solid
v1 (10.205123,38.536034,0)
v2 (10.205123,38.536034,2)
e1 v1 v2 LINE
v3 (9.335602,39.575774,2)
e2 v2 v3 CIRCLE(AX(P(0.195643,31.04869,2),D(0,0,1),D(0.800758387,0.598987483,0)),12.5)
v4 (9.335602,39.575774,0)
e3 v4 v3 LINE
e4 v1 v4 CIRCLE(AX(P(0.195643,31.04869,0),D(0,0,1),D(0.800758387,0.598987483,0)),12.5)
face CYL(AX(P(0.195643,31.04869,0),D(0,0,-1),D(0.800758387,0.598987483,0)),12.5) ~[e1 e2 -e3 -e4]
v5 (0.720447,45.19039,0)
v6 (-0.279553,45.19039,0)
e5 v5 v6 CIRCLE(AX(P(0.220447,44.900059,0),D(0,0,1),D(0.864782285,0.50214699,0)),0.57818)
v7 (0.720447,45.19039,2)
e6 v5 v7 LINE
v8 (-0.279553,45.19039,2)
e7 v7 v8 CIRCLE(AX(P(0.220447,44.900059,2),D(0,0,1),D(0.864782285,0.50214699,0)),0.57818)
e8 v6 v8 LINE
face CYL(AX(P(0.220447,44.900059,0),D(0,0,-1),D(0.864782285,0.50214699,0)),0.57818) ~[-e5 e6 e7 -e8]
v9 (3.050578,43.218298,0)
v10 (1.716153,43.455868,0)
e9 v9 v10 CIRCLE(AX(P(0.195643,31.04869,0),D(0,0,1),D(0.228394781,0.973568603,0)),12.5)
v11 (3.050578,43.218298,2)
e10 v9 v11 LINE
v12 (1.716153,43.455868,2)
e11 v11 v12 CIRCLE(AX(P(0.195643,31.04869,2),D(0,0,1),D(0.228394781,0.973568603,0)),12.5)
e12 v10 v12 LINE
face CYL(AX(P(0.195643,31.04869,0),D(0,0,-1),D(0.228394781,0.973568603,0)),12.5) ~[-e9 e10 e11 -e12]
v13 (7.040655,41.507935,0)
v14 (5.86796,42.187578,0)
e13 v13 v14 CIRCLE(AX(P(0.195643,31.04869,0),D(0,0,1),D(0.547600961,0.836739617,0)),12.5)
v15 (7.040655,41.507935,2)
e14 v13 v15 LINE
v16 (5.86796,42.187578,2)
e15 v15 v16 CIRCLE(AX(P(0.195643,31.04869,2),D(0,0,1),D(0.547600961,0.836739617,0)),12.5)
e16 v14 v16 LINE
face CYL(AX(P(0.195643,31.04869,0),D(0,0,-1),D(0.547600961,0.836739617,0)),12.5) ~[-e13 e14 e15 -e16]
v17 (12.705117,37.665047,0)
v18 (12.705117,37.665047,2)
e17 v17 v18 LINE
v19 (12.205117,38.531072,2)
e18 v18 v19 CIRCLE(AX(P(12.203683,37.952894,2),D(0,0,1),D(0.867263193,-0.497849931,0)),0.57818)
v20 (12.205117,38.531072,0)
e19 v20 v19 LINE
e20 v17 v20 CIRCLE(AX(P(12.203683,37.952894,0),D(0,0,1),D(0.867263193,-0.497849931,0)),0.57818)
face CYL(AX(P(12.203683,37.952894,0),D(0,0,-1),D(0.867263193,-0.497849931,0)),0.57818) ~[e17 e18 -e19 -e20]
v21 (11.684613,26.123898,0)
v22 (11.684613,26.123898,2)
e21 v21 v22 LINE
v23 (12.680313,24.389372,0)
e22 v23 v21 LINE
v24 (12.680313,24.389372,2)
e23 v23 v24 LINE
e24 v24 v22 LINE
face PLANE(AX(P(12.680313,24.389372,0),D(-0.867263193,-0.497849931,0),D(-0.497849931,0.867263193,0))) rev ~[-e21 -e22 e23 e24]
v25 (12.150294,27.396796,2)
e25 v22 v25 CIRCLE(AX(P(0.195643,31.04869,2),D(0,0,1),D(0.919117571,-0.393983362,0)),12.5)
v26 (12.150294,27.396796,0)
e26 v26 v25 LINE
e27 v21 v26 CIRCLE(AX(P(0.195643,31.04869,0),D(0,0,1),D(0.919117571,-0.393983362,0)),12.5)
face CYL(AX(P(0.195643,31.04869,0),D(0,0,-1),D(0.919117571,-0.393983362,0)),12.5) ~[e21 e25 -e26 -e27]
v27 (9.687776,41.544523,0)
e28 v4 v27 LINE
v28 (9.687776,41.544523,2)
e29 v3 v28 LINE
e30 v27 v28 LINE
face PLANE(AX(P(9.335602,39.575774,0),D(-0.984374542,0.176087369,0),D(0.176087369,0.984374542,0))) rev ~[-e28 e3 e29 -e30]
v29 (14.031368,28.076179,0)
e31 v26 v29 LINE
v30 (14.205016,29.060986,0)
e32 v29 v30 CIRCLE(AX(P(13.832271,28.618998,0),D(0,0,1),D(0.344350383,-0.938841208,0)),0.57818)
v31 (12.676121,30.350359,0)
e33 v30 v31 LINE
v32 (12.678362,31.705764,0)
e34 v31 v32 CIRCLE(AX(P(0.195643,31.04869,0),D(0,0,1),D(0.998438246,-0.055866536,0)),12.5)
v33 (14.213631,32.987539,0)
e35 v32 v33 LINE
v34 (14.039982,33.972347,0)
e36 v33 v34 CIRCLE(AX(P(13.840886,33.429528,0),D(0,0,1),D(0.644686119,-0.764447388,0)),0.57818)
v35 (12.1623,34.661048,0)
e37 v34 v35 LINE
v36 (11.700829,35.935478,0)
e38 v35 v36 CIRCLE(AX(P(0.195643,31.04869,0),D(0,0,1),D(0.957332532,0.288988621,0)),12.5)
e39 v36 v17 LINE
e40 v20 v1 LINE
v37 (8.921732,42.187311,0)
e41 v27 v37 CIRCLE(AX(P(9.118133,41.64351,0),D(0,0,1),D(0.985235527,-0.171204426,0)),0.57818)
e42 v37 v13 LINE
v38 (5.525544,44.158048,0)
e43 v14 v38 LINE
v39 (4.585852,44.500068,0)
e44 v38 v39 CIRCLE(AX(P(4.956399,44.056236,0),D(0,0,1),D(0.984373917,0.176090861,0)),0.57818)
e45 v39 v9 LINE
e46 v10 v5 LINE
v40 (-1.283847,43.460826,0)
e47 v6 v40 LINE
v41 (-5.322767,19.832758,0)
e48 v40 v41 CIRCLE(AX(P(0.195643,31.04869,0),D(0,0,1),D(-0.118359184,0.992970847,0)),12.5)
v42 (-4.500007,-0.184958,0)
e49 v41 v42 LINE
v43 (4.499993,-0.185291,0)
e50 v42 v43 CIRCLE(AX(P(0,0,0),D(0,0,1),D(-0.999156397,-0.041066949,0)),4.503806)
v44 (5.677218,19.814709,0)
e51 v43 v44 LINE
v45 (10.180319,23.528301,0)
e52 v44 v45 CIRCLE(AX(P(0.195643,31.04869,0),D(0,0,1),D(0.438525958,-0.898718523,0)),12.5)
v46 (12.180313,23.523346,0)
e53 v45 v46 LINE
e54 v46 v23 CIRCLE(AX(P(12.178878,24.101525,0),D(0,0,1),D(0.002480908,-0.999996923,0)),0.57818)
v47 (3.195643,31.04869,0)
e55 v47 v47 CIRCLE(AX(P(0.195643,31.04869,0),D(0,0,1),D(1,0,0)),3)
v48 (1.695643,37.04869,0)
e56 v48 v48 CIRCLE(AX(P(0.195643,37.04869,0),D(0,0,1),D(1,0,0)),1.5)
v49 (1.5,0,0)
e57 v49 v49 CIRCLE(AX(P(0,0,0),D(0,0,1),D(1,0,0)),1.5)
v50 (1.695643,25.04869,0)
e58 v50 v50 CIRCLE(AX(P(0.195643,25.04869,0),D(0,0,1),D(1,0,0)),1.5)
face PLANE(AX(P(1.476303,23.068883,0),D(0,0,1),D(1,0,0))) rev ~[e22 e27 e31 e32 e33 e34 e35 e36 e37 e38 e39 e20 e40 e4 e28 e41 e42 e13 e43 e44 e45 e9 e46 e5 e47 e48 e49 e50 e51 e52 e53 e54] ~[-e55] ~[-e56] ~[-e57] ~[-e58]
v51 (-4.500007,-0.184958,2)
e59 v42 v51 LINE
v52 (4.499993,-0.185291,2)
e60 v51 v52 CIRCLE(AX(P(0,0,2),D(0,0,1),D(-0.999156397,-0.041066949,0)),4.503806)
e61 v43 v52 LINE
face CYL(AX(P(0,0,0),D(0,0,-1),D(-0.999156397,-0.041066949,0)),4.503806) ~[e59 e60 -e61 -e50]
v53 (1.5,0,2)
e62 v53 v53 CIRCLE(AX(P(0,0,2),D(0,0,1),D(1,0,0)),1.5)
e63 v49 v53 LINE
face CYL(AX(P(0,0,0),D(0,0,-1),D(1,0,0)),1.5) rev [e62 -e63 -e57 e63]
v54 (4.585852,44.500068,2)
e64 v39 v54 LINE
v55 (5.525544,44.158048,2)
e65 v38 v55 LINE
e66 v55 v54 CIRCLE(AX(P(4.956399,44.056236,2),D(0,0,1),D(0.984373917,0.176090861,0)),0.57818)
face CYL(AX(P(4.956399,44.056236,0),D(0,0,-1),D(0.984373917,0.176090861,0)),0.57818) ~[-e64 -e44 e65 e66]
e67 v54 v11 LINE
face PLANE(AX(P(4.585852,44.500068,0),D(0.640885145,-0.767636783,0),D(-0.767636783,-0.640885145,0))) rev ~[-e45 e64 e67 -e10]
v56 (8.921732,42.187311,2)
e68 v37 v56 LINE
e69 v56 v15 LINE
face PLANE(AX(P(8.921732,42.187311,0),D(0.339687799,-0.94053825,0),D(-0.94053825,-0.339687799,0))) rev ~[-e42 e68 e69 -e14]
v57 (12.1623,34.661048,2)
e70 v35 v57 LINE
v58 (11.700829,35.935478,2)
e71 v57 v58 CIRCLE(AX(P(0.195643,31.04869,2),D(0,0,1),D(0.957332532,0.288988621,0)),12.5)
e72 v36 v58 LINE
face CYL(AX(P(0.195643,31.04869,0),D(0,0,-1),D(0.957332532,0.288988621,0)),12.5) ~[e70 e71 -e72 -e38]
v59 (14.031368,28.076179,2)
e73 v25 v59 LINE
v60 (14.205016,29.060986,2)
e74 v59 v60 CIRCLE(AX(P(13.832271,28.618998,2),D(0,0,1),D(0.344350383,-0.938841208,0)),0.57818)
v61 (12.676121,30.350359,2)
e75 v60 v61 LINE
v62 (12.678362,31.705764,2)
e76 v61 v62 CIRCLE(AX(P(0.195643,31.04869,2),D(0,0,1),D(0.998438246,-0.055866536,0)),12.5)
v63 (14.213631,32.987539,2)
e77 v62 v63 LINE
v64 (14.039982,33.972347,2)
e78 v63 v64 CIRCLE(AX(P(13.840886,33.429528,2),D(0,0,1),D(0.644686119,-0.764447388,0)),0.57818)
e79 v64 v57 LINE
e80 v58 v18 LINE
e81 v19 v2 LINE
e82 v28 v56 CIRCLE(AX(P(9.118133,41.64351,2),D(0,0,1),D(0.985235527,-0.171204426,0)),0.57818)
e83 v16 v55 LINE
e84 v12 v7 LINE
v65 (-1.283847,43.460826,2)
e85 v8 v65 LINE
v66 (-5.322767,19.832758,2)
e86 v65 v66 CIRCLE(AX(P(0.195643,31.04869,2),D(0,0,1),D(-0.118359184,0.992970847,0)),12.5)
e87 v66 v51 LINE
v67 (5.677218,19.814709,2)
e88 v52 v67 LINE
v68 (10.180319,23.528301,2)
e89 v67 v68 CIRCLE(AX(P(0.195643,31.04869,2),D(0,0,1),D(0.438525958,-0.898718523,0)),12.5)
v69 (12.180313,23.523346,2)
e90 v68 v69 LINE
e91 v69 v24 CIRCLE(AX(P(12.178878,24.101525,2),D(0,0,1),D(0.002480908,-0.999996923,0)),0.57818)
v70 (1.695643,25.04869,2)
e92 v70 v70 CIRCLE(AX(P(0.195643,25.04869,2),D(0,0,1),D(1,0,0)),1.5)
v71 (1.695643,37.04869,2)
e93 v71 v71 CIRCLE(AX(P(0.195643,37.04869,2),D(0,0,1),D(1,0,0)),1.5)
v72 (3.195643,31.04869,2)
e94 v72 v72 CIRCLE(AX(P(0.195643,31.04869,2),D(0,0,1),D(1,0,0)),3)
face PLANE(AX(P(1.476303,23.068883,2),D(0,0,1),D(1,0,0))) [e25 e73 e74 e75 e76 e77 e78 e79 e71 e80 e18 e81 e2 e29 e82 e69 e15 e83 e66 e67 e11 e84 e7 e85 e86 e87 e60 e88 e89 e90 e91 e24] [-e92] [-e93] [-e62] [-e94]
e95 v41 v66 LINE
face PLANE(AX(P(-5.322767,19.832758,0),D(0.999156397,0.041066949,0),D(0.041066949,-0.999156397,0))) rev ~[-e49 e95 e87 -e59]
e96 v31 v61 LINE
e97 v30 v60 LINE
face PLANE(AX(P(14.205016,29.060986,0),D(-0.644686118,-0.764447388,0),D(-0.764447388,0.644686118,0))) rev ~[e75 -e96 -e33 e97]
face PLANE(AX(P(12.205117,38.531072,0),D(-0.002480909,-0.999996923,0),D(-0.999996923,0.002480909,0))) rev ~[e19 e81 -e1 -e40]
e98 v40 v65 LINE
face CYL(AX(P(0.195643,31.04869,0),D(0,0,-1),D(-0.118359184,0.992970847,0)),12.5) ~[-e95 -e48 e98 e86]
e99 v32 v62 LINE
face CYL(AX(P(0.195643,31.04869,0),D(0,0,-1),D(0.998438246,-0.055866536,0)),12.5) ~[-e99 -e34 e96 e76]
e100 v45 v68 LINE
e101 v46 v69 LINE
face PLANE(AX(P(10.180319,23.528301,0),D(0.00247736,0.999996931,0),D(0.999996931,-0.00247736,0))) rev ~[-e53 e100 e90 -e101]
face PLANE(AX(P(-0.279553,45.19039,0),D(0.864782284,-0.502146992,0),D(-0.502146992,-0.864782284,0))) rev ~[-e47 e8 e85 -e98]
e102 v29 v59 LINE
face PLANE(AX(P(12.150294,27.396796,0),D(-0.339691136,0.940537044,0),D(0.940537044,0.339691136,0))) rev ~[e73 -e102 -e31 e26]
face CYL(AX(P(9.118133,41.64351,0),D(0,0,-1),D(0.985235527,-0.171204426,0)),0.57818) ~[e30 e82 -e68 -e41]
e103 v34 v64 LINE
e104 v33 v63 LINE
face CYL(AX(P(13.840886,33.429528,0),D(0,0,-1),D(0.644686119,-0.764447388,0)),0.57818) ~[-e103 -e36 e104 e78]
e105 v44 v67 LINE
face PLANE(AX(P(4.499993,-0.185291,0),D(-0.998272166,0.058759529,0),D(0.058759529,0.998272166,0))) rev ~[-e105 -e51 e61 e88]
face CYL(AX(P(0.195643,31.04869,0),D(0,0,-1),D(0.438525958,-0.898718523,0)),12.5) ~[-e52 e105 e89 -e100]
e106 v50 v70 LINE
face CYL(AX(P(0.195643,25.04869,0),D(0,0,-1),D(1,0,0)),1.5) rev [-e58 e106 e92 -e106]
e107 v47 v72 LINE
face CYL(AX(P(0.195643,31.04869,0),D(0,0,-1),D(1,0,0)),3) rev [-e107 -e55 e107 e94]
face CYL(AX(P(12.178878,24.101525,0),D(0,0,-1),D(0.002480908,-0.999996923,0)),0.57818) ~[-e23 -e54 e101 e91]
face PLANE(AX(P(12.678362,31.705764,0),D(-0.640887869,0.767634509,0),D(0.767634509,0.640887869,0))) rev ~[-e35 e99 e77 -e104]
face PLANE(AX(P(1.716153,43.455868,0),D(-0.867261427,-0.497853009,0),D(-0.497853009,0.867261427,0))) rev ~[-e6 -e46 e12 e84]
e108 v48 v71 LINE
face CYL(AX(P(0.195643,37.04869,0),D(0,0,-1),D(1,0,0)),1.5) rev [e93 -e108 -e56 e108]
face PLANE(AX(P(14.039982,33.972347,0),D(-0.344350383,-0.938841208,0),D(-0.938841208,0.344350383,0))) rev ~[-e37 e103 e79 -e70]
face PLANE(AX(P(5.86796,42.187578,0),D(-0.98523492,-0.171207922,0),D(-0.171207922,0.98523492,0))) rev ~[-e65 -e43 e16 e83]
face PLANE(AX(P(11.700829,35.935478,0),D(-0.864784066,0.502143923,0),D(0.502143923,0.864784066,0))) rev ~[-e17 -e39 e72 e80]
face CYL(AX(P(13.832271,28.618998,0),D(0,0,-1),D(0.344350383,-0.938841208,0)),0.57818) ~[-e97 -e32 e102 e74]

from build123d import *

# Parameters (mm, degrees)
SKETCH1_R           = 3
SKETCH1_R_2         = 1.5
BOSS_EXTRUDE1_DEPTH = 2


with BuildPart() as part:
    # Sketch1 → Boss-Extrude1 (new body)
    with BuildSketch(Plane.XY):
        with BuildLine():
            Line((-5.322767432, 19.832757644), (-4.500006862, -0.184957582))
            ThreePointArc((-4.500006862, -0.184957582), (-0.000167017, -4.503806283), (4.499993132, -0.185291335))
            Line((4.499993132, -0.185291335), (5.67721776, 19.814708665))
            ThreePointArc((5.67721776, 19.814708665), (8.148561948, 21.404983206), (10.180318916, 23.528301089))
            Line((10.180318916, 23.528301089), (12.180312779, 23.523346368))
            ThreePointArc((12.180312779, 23.523346368), (12.679597114, 23.812434692), (12.680312779, 24.389371772))
            Line((12.680312779, 24.389371772), (11.684612917, 26.123898158))
            ThreePointArc((11.684612917, 26.123898158), (11.934719035, 26.754030681), (12.150293859, 27.396796239))
            Line((12.150293859, 27.396796239), (14.031367948, 28.076178512))
            ThreePointArc((14.031367948, 28.076178512), (14.401667723, 28.518597977), (14.205016126, 29.060986265))
            Line((14.205016126, 29.060986265), (12.67612135, 30.350358501))
            ThreePointArc((12.67612135, 30.350358501), (12.695626208, 31.028030714), (12.678361511, 31.705763698))
            Line((12.678361511, 31.705763698), (14.213630529, 32.987539436))
            ThreePointArc((14.213630529, 32.987539436), (14.410282126, 33.529927724), (14.039982351, 33.972347189))
            Line((14.039982351, 33.972347189), (12.162299935, 34.661047954))
            ThreePointArc((12.162299935, 34.661047954), (11.948850959, 35.304522586), (11.700829119, 35.935478396))
            Line((11.700829119, 35.935478396), (12.705116964, 37.665046528))
            ThreePointArc((12.705116964, 37.665046528), (12.704401299, 38.241983607), (12.205116964, 38.531071932))
            Line((12.205116964, 38.531071932), (10.205123119, 38.536033749))
            ThreePointArc((10.205123119, 38.536033749), (9.784465406, 39.067698263), (9.335601516, 39.575774317))
            Line((9.335601516, 39.575774317), (9.687776253, 41.5445234))
            ThreePointArc((9.687776253, 41.5445234), (9.489779645, 42.086422145), (8.92173181, 42.18731101))
            Line((8.92173181, 42.18731101), (7.040655311, 41.507935412))
            ThreePointArc((7.040655311, 41.507935412), (6.463526388, 41.863663221), (5.867960059, 42.187578047))
            Line((5.867960059, 42.187578047), (5.525544216, 44.158047887))
            ThreePointArc((5.525544216, 44.158047887), (5.154147979, 44.59954731), (4.585851596, 44.500068031))
            Line((4.585851596, 44.500068031), (3.050578029, 43.21829774))
            ThreePointArc((3.050578029, 43.21829774), (2.386588163, 43.355182821), (1.716153483, 43.455867511))
            Line((1.716153483, 43.455867511), (0.720447466, 45.190390364))
            ThreePointArc((0.720447466, 45.190390364), (0.220447466, 45.47823912), (-0.279552534, 45.190390364))
            Line((-0.279552534, 45.190390364), (-1.283846517, 43.460825796))
            ThreePointArc((-1.283846517, 43.460825796), (-12.125641313, 33.154858755), (-5.322767432, 19.832757644))
        make_face()
        with Locations((0.19564328, 31.048690205)):
            Circle(SKETCH1_R, mode=Mode.SUBTRACT)
        with Locations((0.19564328, 37.048690205)):
            Circle(SKETCH1_R_2, mode=Mode.SUBTRACT)
        with Locations((0.19564328, 25.048690205)):
            Circle(SKETCH1_R_2, mode=Mode.SUBTRACT)
        Circle(SKETCH1_R_2, mode=Mode.SUBTRACT)
    extrude(amount=BOSS_EXTRUDE1_DEPTH)


solid = part.part
